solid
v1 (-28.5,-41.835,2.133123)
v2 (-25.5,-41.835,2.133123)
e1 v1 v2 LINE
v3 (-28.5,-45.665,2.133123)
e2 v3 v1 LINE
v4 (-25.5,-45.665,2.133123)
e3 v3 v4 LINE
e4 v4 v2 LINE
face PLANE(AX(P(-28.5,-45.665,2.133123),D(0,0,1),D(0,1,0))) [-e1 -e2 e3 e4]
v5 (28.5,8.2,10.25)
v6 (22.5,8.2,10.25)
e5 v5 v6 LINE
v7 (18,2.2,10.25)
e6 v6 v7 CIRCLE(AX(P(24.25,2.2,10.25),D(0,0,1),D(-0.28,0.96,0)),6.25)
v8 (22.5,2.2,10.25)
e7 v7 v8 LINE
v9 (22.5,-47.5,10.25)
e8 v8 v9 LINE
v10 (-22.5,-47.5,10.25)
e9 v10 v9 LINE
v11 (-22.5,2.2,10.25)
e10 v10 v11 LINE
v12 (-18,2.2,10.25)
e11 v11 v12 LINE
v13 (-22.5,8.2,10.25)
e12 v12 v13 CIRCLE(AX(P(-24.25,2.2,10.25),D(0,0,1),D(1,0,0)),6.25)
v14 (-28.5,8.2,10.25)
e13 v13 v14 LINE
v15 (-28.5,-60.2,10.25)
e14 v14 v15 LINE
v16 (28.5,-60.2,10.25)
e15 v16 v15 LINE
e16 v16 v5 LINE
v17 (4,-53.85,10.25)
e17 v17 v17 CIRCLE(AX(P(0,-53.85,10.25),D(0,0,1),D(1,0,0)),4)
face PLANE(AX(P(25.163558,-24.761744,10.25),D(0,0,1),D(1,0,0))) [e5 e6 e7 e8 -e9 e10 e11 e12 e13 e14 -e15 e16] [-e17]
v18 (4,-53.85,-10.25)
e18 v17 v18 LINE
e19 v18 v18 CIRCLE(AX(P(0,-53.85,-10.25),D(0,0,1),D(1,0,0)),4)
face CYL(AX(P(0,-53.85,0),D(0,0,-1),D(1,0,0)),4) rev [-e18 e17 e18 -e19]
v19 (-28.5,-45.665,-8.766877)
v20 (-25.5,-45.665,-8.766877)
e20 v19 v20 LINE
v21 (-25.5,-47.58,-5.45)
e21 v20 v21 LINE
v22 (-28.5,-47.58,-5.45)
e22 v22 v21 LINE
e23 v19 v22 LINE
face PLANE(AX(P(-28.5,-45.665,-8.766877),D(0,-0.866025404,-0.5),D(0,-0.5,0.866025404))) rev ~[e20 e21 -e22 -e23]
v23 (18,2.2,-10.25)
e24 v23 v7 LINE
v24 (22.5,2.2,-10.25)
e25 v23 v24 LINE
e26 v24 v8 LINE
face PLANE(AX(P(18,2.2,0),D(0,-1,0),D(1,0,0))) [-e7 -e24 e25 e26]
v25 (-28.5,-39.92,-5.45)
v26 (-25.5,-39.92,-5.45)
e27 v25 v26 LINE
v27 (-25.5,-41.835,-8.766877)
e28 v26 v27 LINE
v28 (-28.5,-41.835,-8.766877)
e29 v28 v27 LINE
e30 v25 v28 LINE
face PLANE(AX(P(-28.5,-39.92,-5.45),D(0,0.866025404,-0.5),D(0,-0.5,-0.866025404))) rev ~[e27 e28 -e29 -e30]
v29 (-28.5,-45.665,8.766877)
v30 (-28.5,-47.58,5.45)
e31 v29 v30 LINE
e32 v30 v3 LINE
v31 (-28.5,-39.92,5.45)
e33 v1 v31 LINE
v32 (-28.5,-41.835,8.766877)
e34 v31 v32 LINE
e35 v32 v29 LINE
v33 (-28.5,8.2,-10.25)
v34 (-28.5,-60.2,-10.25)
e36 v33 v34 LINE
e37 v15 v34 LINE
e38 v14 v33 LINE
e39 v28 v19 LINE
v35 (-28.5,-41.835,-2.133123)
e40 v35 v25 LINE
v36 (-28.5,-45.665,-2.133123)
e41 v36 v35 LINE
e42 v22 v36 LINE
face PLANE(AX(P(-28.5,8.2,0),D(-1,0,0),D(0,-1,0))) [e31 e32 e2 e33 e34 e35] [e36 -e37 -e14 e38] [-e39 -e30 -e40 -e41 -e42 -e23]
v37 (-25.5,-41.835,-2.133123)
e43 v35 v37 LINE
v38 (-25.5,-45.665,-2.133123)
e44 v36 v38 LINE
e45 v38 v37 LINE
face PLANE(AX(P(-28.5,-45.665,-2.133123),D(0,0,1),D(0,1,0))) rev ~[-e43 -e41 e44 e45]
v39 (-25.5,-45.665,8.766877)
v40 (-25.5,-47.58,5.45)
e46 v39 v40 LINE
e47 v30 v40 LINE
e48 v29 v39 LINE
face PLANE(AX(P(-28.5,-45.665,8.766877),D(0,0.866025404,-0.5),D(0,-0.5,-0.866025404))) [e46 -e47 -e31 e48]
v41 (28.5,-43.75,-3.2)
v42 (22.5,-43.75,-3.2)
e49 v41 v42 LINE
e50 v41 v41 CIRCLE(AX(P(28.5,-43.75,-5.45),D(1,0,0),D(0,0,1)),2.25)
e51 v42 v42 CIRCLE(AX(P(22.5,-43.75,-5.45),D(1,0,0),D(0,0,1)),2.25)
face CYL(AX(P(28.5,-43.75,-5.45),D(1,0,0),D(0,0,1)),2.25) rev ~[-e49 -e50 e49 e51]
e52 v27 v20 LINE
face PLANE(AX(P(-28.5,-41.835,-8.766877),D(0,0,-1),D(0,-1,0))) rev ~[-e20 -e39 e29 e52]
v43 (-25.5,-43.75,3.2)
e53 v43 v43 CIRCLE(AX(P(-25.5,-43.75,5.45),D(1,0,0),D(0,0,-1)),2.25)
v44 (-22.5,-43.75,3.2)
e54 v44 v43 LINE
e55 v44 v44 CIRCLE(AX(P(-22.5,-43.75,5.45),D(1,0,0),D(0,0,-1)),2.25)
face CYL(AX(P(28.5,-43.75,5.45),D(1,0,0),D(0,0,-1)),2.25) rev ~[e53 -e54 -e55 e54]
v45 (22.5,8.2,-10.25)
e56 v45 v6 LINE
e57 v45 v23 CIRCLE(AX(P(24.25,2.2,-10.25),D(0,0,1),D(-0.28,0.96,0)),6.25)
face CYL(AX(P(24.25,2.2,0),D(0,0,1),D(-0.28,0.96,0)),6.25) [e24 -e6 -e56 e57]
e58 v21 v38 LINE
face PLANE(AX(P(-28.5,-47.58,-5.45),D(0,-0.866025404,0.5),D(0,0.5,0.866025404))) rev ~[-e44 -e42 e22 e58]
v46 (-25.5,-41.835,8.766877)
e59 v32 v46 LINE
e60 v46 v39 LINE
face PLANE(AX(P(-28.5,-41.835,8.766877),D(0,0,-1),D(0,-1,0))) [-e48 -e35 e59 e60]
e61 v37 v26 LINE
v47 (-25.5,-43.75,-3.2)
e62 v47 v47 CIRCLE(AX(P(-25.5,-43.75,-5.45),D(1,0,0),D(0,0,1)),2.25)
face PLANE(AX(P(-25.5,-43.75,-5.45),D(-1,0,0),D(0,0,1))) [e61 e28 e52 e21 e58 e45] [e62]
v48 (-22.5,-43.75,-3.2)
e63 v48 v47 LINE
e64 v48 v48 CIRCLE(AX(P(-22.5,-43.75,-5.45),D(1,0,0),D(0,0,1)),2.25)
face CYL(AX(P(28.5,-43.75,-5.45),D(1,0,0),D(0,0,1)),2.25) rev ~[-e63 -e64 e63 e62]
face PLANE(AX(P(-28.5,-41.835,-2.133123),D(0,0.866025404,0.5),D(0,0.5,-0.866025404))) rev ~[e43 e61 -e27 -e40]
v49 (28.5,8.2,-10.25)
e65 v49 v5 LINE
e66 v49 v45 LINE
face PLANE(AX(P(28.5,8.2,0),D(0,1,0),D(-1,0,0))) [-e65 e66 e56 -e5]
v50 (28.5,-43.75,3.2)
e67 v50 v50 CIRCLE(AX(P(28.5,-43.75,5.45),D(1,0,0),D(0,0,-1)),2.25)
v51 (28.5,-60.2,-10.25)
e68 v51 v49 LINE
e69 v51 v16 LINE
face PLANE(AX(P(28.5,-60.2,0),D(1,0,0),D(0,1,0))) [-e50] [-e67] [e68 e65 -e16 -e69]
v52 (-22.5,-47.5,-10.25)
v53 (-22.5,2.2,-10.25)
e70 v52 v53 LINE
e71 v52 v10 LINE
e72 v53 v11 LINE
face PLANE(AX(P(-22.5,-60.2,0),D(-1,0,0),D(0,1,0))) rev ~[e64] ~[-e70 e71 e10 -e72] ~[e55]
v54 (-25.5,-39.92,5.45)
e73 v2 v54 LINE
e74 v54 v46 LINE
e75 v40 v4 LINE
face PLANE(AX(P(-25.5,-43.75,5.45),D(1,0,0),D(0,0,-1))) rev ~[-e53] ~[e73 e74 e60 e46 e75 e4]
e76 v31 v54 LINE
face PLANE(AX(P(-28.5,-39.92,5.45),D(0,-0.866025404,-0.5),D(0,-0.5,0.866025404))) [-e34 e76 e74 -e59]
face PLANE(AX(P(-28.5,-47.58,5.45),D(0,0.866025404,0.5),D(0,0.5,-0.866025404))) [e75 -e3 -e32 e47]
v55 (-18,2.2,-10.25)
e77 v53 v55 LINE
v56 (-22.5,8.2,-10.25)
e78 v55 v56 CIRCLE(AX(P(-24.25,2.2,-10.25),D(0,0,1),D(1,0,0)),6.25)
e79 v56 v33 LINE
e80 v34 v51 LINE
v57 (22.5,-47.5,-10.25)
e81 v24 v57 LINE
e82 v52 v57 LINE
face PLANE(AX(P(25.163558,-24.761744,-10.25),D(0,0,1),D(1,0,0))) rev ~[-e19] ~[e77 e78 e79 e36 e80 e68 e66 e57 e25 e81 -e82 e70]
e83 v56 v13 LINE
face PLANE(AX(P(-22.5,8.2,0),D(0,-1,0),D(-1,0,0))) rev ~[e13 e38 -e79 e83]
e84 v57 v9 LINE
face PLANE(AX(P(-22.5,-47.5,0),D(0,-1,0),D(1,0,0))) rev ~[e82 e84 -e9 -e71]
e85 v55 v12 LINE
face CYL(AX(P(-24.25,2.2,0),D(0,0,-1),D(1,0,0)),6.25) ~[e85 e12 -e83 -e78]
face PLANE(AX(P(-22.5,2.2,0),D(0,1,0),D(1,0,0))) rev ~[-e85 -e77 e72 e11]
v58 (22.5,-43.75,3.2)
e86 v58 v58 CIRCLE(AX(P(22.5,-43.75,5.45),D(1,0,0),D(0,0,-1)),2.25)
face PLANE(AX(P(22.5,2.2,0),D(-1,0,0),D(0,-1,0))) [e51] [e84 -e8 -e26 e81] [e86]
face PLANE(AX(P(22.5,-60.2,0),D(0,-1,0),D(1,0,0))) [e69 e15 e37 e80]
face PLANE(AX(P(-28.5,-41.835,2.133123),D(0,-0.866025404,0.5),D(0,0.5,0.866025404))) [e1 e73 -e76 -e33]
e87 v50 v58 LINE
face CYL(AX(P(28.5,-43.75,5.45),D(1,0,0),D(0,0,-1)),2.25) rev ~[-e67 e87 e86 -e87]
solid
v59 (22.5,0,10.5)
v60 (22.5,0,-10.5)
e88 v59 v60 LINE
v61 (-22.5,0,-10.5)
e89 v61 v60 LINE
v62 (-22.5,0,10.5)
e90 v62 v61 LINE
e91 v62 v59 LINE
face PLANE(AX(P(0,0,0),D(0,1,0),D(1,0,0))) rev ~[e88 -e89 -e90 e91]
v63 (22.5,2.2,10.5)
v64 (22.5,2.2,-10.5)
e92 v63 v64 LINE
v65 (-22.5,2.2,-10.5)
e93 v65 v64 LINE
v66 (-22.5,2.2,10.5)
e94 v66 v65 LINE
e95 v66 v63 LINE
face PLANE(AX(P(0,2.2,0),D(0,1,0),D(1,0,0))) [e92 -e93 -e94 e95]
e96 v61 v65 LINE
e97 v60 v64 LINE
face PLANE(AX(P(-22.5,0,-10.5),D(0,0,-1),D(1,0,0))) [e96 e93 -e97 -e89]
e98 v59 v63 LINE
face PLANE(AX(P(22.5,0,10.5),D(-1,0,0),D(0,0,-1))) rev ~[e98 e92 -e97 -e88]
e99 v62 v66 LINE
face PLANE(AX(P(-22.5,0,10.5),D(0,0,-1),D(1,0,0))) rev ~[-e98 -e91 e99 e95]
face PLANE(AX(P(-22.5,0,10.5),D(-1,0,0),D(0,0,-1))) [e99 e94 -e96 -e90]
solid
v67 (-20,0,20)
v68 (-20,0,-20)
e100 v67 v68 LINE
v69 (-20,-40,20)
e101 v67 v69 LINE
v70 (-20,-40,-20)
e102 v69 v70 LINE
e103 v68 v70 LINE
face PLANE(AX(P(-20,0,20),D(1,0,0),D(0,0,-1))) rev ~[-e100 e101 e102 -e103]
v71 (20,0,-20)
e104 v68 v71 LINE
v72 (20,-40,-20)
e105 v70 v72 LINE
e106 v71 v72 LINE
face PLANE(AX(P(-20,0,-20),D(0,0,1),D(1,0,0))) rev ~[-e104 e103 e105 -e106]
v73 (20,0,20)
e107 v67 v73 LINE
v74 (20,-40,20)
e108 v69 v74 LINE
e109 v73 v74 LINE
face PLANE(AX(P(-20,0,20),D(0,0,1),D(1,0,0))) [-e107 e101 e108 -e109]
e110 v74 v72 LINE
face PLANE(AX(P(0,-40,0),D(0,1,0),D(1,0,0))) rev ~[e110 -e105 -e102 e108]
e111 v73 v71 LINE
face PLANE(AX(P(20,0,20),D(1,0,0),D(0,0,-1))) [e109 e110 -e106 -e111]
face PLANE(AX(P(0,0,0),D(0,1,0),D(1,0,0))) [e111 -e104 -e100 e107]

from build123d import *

# Parameters (mm, degrees)
SKETCH1_W                            = 45
SKETCH1_H                            = 21
BOSS_EXTRUDE1_DEPTH                  = 2.2
SKETCH2_W                            = 40
SKETCH2_H                            = 40
BOSS_EXTRUDE2_DEPTH                  = 40
SKETCH3_W                            = 45
SKETCH3_H                            = 12.7
SKETCH3_R                            = 4
SNAPFIT_41MM_SPACING_4MM_WIDTH_DEPTH = 10.25
SKETCH4_R                            = 2.25
CUT_EXTRUDE1_DEPTH                   = 86.282120049
BOLTCLAMPP_WIDTH_6MM_DEPTH           = 3


with BuildPart() as part:
    # Sketch1 → Boss-Extrude1 (new body)
    with BuildSketch(Plane(origin=(0, 0, 0), x_dir=(1, 0, 0), z_dir=(0, 1, 0))):
        Rectangle(SKETCH1_W, SKETCH1_H)
    extrude(amount=BOSS_EXTRUDE1_DEPTH)


with BuildPart() as body_2:
    # Sketch2 → Boss-Extrude2 (new body)
    with BuildSketch(Plane(origin=(0, 0, 0), x_dir=(1, 0, 0), z_dir=(0, 1, 0))):
        Rectangle(SKETCH2_W, SKETCH2_H)
    extrude(amount=-BOSS_EXTRUDE2_DEPTH)


with BuildPart() as body_3:
    # Sketch3 → SnapFit-41mm_spacing-4mm_width (new, symmetric)
    # profile 1 of 3: a face of its own
    with BuildSketch(Plane.XY):
        with Locations((0, -53.85)):
            Rectangle(SKETCH3_W, SKETCH3_H)
        with Locations((0, -53.85)):
            Circle(SKETCH3_R, mode=Mode.SUBTRACT)
    # profile 2 of 3: a face of its own
    with BuildSketch(Plane.XY):
        with BuildLine():
            Line((-28.5, -60.2), (-22.5, -60.2))
            Line((-22.5, -60.2), (-22.5, -47.5))
            Line((-22.5, -47.5), (-22.5, 0))
            Line((-22.5, 0), (-22.5, 2.2))
            Line((-22.5, 2.2), (-18, 2.2))
            ThreePointArc((-18, 2.2), (-19.25, 5.95), (-22.5, 8.2))
            Line((-22.5, 8.2), (-28.5, 8.2))
            Line((-28.5, 8.2), (-28.5, 0))
            Line((-28.5, 0), (-28.5, -60.2))
        make_face()
    # profile 3 of 3: a face of its own
    with BuildSketch(Plane.XY):
        with BuildLine():
            Line((22.5, -47.5), (22.5, -60.2))
            Line((22.5, -60.2), (28.5, -60.2))
            Line((28.5, -60.2), (28.5, 0))
            Line((28.5, 0), (28.5, 8.2))
            Line((28.5, 8.2), (22.5, 8.2))
            ThreePointArc((22.5, 8.2), (19.25, 5.95), (18, 2.2))
            Line((18, 2.2), (22.5, 2.2))
            Line((22.5, 2.2), (22.5, 0))
            Line((22.5, 0), (22.5, -47.5))
        make_face()
    extrude(amount=SNAPFIT_41MM_SPACING_4MM_WIDTH_DEPTH, both=True)

    # Sketch4 → Cut-Extrude1 (cut, through all)
    with BuildSketch(Plane(origin=(28.5, 0, 0), x_dir=(0, 0, -1), z_dir=(1, 0, 0))):
        with Locations((-5.45, -43.75)):
            Circle(SKETCH4_R)
        with Locations(Location((5.45, -43.75, 0), (0, 0, 180))):
            Circle(SKETCH4_R)
    extrude(amount=-CUT_EXTRUDE1_DEPTH, mode=Mode.SUBTRACT)

    # Sketch5 → BoltClampP-width_6mm (cut)
    with BuildSketch(Plane.ZY.offset(28.5)):
        Polygon((-8.766877296, -41.835), (-8.766877296, -45.665), (-5.45, -47.58), (-2.133122704, -45.665), (-2.133122704, -41.835), (-5.45, -39.92), align=None)
        Polygon((8.766877296, -45.665), (5.45, -47.58), (2.133122704, -45.665), (2.133122704, -41.835), (5.45, -39.92), (8.766877296, -41.835), align=None)
    extrude(amount=-BOLTCLAMPP_WIDTH_6MM_DEPTH, mode=Mode.SUBTRACT)


solid = Compound([part.part, body_2.part, body_3.part])
